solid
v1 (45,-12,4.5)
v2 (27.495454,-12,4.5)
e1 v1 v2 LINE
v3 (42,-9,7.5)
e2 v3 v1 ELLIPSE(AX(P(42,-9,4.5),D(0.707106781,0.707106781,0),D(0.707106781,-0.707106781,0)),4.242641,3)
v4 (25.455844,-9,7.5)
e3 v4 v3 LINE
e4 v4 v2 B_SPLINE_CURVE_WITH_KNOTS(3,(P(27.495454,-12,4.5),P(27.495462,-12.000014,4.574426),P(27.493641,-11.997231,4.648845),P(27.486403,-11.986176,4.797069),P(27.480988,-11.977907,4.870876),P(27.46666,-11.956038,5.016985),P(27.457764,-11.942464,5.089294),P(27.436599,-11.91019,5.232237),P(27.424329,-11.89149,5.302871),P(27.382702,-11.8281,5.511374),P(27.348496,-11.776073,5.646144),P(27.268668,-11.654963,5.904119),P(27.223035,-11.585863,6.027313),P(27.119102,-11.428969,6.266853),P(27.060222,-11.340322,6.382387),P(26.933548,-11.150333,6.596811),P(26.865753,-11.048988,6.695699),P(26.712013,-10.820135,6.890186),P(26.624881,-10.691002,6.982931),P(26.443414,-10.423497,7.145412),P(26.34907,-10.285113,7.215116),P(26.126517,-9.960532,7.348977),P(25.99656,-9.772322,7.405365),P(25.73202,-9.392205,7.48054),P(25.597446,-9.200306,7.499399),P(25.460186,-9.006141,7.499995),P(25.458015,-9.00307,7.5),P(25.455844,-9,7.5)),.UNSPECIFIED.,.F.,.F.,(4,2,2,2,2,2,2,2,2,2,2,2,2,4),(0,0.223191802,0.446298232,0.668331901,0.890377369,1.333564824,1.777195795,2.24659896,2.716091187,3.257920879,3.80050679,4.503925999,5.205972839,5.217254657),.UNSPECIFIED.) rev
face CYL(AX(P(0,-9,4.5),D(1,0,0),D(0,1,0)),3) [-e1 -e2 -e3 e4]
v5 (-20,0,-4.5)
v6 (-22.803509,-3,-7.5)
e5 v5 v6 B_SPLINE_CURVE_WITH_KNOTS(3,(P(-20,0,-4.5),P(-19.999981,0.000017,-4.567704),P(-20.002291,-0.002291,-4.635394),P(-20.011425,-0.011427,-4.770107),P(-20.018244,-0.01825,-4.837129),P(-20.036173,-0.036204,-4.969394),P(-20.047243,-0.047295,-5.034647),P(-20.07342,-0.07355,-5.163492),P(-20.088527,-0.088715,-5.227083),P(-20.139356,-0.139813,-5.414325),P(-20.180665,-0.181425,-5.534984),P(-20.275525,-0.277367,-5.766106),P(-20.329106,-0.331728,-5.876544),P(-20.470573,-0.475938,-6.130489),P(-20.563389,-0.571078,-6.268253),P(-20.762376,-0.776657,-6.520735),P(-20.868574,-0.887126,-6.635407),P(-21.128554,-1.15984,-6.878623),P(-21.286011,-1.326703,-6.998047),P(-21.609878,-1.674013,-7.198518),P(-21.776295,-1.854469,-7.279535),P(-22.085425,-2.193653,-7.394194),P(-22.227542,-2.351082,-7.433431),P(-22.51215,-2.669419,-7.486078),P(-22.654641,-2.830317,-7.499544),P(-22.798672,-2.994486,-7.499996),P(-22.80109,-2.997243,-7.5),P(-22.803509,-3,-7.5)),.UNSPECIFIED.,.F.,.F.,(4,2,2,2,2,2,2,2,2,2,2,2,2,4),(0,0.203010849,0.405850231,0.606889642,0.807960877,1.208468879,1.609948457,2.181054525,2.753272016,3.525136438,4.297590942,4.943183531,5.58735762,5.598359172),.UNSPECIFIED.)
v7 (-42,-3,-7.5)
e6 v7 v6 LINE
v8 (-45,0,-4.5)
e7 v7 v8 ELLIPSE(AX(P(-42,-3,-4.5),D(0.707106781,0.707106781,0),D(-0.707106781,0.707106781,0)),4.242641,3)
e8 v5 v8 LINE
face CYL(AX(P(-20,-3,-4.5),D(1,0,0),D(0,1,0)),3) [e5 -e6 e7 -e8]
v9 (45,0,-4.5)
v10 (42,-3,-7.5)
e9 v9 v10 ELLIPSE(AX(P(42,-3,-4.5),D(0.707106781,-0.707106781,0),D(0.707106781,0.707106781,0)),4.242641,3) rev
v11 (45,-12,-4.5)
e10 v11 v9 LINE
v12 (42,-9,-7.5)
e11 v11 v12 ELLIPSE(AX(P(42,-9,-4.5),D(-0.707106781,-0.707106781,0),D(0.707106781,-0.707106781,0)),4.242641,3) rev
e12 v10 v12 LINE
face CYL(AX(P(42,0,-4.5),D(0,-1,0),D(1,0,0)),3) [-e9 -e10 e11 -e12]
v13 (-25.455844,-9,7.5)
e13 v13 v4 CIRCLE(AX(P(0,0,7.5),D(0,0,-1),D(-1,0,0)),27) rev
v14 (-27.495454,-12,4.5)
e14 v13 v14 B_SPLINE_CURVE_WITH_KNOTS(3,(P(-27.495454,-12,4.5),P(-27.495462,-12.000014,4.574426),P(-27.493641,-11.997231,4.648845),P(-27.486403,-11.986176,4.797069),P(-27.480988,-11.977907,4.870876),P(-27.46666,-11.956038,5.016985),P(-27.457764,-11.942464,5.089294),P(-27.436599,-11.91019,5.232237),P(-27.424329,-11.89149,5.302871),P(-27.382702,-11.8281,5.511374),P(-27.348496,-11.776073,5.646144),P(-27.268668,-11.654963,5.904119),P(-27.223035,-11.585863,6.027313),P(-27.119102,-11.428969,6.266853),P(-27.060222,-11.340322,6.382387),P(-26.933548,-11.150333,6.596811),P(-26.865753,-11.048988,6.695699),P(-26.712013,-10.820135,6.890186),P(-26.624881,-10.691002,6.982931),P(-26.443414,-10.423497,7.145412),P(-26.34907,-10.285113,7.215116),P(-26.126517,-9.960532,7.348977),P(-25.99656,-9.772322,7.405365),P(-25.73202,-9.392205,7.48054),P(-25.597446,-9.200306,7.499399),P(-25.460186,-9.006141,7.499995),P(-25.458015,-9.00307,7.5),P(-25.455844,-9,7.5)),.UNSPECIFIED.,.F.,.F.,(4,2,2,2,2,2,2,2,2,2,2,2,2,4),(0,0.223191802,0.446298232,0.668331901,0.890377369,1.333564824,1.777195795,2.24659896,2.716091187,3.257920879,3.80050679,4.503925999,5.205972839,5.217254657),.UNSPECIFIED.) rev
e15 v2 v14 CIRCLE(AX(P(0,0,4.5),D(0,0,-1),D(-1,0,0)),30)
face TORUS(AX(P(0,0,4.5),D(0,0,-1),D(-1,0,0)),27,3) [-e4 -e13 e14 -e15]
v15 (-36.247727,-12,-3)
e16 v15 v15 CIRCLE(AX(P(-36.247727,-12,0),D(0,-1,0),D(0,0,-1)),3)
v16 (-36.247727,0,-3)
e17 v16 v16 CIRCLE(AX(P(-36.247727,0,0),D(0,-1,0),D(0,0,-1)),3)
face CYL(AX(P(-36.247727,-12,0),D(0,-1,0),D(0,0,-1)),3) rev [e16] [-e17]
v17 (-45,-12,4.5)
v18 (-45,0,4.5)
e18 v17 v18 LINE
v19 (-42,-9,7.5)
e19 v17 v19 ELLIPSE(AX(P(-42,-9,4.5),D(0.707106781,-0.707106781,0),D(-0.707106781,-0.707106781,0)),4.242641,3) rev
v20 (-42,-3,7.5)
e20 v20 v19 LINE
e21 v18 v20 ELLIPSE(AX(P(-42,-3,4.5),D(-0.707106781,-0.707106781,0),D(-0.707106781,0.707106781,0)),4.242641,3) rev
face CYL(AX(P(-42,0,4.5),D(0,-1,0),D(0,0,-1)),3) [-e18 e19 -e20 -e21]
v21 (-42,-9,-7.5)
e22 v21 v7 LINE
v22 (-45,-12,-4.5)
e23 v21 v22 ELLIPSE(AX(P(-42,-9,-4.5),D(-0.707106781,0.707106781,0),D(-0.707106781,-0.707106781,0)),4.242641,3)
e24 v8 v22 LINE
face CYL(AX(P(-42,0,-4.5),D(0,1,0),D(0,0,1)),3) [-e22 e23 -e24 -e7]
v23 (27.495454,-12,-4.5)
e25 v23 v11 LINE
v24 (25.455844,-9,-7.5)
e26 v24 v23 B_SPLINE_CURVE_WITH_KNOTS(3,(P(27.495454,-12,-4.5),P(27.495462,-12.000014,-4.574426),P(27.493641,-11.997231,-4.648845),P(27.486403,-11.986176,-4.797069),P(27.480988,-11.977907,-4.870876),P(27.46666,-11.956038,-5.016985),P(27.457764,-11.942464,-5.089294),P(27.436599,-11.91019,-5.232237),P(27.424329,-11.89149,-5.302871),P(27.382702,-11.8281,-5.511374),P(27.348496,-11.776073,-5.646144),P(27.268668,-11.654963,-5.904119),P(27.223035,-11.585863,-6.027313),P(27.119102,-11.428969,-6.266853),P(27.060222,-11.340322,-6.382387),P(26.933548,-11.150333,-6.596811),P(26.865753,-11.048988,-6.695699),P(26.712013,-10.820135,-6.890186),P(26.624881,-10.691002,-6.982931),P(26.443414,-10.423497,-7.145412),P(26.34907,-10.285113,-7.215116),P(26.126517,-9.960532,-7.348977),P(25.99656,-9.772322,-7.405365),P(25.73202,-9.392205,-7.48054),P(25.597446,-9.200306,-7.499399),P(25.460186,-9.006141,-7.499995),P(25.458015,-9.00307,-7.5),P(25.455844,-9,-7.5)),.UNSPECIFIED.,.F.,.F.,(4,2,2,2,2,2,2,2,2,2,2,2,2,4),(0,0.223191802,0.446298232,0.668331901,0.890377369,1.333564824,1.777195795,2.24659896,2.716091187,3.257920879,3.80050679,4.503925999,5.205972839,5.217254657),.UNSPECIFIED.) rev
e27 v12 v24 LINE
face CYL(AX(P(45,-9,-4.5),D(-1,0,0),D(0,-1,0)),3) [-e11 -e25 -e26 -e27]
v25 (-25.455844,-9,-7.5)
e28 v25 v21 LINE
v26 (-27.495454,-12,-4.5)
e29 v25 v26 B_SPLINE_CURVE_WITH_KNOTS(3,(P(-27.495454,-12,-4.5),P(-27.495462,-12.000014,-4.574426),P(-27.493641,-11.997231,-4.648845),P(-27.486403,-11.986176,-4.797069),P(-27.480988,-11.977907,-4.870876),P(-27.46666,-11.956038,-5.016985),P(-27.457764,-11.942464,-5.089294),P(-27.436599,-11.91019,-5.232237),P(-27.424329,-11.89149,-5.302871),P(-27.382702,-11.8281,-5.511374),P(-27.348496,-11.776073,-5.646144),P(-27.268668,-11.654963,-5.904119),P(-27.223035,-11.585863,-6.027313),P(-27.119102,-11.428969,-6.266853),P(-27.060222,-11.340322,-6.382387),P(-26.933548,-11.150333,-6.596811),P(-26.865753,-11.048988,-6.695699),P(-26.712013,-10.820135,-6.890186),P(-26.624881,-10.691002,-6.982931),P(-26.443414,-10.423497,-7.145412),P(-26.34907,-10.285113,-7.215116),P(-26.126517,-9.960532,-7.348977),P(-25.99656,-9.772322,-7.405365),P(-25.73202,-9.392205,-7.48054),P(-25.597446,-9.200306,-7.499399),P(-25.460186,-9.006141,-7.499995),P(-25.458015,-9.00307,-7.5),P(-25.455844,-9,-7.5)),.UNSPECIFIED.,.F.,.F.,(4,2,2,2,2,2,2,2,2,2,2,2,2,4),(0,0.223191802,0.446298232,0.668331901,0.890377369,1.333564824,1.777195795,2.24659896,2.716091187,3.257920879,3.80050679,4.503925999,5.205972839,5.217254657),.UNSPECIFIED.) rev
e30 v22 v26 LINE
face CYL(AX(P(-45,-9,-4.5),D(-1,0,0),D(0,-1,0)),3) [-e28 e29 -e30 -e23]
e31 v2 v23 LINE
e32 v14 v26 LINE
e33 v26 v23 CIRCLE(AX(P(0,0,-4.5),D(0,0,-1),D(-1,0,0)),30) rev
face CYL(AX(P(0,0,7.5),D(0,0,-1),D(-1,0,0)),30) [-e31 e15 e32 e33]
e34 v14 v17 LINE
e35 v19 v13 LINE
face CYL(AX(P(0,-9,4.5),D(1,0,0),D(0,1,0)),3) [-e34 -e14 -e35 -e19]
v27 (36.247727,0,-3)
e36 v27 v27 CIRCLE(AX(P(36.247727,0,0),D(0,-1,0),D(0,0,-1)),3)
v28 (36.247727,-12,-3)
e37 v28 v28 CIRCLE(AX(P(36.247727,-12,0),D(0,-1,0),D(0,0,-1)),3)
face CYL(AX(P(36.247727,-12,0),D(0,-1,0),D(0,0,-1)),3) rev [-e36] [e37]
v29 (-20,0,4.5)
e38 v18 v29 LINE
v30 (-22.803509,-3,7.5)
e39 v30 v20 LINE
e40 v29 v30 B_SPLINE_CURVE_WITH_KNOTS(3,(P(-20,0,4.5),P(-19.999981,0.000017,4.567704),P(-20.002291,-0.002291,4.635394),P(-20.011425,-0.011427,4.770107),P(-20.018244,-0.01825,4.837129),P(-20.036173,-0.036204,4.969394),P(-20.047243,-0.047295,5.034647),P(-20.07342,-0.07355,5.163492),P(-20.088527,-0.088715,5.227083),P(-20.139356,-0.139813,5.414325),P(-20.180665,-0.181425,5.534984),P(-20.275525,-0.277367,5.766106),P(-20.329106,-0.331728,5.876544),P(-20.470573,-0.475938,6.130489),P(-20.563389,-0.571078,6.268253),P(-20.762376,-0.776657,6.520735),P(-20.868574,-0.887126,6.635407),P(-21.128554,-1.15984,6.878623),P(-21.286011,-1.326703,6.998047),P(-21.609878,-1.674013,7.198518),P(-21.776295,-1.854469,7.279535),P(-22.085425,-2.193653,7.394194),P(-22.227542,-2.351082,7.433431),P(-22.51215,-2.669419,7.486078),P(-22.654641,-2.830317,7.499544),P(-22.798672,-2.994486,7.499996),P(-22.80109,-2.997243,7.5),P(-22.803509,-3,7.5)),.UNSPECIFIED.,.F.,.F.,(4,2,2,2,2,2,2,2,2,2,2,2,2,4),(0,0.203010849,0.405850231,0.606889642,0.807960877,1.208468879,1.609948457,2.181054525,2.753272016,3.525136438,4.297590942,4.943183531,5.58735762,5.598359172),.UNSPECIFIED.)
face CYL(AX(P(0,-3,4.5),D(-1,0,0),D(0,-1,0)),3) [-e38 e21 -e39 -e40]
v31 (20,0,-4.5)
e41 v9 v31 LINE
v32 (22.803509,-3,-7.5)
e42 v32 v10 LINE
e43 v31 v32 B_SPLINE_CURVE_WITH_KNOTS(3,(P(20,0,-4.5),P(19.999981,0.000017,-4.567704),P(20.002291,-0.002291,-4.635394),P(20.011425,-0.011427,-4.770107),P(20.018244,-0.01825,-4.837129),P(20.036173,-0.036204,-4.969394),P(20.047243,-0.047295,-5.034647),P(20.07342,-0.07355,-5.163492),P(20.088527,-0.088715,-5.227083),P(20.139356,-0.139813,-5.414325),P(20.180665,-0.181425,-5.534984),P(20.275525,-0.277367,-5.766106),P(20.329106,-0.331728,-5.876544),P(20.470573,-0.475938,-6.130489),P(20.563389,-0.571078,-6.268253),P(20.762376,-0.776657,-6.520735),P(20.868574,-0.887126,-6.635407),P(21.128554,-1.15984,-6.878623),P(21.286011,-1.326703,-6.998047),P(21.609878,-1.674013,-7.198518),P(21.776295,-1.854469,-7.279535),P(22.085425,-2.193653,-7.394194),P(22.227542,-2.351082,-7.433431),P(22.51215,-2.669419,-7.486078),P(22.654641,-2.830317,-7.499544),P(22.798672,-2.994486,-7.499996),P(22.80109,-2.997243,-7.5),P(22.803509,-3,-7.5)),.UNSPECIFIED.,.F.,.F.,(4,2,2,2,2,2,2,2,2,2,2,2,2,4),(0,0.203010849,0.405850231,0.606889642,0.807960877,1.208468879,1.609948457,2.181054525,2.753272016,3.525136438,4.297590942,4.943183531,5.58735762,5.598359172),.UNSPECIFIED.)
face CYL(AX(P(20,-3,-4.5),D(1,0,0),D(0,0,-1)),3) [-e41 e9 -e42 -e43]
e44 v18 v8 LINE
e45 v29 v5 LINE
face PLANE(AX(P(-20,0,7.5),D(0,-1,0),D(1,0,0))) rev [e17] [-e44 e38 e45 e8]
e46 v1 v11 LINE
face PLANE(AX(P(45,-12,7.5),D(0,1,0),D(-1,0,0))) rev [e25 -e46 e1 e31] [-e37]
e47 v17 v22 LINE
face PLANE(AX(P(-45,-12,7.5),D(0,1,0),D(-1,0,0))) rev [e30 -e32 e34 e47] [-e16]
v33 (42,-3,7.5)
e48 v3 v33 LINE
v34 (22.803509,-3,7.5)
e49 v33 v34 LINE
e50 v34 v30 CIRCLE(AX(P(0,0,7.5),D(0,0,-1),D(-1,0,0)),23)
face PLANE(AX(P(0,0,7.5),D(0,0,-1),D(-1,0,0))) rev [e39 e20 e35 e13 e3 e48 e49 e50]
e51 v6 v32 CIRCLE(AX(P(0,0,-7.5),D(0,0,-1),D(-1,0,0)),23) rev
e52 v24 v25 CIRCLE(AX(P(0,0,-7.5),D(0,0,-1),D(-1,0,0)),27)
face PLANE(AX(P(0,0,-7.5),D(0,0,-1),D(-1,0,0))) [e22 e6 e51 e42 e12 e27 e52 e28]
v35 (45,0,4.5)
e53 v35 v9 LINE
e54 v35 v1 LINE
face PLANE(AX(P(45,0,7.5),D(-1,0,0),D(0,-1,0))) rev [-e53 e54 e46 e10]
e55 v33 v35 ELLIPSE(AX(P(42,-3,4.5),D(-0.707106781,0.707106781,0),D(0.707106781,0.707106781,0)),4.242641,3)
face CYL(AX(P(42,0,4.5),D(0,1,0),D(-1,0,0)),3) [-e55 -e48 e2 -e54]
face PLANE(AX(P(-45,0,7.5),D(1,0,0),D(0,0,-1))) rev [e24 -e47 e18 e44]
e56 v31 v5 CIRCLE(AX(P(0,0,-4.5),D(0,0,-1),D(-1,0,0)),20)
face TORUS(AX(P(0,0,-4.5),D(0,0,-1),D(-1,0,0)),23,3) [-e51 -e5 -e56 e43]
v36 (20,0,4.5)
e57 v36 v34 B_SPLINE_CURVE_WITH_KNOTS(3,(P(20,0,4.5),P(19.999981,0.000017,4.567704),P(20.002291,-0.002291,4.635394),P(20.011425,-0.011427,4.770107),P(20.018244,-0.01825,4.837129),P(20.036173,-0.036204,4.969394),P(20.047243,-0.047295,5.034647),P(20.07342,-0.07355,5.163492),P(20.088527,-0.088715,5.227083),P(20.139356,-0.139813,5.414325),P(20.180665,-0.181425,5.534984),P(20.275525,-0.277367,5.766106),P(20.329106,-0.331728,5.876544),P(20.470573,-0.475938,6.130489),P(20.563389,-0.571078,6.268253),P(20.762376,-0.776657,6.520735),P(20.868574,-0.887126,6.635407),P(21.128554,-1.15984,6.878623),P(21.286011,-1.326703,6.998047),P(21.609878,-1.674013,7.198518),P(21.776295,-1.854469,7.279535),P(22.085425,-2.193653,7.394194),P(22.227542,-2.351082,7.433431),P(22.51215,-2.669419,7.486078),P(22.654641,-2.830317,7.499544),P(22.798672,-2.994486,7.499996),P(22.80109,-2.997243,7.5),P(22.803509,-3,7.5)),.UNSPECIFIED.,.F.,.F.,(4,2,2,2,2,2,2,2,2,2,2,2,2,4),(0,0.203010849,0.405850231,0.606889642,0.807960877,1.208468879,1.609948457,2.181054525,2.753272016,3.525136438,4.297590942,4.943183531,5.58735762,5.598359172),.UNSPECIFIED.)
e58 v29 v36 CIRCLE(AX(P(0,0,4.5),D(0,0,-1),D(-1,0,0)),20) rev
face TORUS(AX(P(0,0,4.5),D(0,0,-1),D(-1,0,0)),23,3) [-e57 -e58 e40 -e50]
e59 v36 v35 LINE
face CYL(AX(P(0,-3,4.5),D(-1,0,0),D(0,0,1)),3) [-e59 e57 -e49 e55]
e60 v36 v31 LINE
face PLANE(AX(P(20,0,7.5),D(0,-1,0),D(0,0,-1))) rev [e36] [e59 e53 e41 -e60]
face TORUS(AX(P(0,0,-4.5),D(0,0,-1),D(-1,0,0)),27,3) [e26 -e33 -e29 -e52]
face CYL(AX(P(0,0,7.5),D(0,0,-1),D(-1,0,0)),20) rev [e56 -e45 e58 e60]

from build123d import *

# Parameters (mm, degrees)
BOSS_EXTRUDE1_DEPTH   = 7.5
FILLET2_R             = 3
F_6_0MM_DOWEL_HOLE1_D = 6


with BuildPart() as part:
    # Sketch1 → Boss-Extrude1 (new, symmetric)
    with BuildSketch(Plane.XY):
        with BuildLine():
            Line((-20, 0), (-45, 0))
            Line((-45, 0), (-45, -12))
            Line((-45, -12), (-27.49545417, -12))
            ThreePointArc((-27.49545417, -12), (0, -30), (27.49545417, -12))
            Line((27.49545417, -12), (45, -12))
            Line((45, -12), (45, 0))
            Line((45, 0), (20, 0))
            ThreePointArc((20, 0), (0, -20), (-20, 0))
        make_face()
    extrude(amount=BOSS_EXTRUDE1_DEPTH, both=True)

    # Fillet2
    fillet2_edges = [part.edges().sort_by_distance(p)[0] for p in [
        (-36.247727085, -12, -7.5),
        (-45, -6, -7.5),
        (-32.5, 0, -7.5),
        (0, -20, -7.5),
        (-45, -6, 7.5),
        (-36.247727085, -12, 7.5),
        (0, -30, 7.5),
        (36.247727085, -12, 7.5),
        (45, -6, 7.5),
        (32.5, 0, 7.5),
        (0, -20, 7.5),
        (32.5, 0, -7.5),
        (-32.5, 0, 7.5),
        (45, -6, -7.5),
        (36.247727085, -12, -7.5),
        (0, -30, -7.5),
    ]]
    fillet(fillet2_edges, radius=FILLET2_R)

    # Ø6.0mm Dowel Hole1 (through all)
    with Locations(Plane(origin=(0, -12, 0), x_dir=(-1, 0, 0), z_dir=(0, -1, 0))):
        with Locations((36.247727085, 0), (-36.247727085, 0)):
            Hole(F_6_0MM_DOWEL_HOLE1_D / 2)


solid = part.part
